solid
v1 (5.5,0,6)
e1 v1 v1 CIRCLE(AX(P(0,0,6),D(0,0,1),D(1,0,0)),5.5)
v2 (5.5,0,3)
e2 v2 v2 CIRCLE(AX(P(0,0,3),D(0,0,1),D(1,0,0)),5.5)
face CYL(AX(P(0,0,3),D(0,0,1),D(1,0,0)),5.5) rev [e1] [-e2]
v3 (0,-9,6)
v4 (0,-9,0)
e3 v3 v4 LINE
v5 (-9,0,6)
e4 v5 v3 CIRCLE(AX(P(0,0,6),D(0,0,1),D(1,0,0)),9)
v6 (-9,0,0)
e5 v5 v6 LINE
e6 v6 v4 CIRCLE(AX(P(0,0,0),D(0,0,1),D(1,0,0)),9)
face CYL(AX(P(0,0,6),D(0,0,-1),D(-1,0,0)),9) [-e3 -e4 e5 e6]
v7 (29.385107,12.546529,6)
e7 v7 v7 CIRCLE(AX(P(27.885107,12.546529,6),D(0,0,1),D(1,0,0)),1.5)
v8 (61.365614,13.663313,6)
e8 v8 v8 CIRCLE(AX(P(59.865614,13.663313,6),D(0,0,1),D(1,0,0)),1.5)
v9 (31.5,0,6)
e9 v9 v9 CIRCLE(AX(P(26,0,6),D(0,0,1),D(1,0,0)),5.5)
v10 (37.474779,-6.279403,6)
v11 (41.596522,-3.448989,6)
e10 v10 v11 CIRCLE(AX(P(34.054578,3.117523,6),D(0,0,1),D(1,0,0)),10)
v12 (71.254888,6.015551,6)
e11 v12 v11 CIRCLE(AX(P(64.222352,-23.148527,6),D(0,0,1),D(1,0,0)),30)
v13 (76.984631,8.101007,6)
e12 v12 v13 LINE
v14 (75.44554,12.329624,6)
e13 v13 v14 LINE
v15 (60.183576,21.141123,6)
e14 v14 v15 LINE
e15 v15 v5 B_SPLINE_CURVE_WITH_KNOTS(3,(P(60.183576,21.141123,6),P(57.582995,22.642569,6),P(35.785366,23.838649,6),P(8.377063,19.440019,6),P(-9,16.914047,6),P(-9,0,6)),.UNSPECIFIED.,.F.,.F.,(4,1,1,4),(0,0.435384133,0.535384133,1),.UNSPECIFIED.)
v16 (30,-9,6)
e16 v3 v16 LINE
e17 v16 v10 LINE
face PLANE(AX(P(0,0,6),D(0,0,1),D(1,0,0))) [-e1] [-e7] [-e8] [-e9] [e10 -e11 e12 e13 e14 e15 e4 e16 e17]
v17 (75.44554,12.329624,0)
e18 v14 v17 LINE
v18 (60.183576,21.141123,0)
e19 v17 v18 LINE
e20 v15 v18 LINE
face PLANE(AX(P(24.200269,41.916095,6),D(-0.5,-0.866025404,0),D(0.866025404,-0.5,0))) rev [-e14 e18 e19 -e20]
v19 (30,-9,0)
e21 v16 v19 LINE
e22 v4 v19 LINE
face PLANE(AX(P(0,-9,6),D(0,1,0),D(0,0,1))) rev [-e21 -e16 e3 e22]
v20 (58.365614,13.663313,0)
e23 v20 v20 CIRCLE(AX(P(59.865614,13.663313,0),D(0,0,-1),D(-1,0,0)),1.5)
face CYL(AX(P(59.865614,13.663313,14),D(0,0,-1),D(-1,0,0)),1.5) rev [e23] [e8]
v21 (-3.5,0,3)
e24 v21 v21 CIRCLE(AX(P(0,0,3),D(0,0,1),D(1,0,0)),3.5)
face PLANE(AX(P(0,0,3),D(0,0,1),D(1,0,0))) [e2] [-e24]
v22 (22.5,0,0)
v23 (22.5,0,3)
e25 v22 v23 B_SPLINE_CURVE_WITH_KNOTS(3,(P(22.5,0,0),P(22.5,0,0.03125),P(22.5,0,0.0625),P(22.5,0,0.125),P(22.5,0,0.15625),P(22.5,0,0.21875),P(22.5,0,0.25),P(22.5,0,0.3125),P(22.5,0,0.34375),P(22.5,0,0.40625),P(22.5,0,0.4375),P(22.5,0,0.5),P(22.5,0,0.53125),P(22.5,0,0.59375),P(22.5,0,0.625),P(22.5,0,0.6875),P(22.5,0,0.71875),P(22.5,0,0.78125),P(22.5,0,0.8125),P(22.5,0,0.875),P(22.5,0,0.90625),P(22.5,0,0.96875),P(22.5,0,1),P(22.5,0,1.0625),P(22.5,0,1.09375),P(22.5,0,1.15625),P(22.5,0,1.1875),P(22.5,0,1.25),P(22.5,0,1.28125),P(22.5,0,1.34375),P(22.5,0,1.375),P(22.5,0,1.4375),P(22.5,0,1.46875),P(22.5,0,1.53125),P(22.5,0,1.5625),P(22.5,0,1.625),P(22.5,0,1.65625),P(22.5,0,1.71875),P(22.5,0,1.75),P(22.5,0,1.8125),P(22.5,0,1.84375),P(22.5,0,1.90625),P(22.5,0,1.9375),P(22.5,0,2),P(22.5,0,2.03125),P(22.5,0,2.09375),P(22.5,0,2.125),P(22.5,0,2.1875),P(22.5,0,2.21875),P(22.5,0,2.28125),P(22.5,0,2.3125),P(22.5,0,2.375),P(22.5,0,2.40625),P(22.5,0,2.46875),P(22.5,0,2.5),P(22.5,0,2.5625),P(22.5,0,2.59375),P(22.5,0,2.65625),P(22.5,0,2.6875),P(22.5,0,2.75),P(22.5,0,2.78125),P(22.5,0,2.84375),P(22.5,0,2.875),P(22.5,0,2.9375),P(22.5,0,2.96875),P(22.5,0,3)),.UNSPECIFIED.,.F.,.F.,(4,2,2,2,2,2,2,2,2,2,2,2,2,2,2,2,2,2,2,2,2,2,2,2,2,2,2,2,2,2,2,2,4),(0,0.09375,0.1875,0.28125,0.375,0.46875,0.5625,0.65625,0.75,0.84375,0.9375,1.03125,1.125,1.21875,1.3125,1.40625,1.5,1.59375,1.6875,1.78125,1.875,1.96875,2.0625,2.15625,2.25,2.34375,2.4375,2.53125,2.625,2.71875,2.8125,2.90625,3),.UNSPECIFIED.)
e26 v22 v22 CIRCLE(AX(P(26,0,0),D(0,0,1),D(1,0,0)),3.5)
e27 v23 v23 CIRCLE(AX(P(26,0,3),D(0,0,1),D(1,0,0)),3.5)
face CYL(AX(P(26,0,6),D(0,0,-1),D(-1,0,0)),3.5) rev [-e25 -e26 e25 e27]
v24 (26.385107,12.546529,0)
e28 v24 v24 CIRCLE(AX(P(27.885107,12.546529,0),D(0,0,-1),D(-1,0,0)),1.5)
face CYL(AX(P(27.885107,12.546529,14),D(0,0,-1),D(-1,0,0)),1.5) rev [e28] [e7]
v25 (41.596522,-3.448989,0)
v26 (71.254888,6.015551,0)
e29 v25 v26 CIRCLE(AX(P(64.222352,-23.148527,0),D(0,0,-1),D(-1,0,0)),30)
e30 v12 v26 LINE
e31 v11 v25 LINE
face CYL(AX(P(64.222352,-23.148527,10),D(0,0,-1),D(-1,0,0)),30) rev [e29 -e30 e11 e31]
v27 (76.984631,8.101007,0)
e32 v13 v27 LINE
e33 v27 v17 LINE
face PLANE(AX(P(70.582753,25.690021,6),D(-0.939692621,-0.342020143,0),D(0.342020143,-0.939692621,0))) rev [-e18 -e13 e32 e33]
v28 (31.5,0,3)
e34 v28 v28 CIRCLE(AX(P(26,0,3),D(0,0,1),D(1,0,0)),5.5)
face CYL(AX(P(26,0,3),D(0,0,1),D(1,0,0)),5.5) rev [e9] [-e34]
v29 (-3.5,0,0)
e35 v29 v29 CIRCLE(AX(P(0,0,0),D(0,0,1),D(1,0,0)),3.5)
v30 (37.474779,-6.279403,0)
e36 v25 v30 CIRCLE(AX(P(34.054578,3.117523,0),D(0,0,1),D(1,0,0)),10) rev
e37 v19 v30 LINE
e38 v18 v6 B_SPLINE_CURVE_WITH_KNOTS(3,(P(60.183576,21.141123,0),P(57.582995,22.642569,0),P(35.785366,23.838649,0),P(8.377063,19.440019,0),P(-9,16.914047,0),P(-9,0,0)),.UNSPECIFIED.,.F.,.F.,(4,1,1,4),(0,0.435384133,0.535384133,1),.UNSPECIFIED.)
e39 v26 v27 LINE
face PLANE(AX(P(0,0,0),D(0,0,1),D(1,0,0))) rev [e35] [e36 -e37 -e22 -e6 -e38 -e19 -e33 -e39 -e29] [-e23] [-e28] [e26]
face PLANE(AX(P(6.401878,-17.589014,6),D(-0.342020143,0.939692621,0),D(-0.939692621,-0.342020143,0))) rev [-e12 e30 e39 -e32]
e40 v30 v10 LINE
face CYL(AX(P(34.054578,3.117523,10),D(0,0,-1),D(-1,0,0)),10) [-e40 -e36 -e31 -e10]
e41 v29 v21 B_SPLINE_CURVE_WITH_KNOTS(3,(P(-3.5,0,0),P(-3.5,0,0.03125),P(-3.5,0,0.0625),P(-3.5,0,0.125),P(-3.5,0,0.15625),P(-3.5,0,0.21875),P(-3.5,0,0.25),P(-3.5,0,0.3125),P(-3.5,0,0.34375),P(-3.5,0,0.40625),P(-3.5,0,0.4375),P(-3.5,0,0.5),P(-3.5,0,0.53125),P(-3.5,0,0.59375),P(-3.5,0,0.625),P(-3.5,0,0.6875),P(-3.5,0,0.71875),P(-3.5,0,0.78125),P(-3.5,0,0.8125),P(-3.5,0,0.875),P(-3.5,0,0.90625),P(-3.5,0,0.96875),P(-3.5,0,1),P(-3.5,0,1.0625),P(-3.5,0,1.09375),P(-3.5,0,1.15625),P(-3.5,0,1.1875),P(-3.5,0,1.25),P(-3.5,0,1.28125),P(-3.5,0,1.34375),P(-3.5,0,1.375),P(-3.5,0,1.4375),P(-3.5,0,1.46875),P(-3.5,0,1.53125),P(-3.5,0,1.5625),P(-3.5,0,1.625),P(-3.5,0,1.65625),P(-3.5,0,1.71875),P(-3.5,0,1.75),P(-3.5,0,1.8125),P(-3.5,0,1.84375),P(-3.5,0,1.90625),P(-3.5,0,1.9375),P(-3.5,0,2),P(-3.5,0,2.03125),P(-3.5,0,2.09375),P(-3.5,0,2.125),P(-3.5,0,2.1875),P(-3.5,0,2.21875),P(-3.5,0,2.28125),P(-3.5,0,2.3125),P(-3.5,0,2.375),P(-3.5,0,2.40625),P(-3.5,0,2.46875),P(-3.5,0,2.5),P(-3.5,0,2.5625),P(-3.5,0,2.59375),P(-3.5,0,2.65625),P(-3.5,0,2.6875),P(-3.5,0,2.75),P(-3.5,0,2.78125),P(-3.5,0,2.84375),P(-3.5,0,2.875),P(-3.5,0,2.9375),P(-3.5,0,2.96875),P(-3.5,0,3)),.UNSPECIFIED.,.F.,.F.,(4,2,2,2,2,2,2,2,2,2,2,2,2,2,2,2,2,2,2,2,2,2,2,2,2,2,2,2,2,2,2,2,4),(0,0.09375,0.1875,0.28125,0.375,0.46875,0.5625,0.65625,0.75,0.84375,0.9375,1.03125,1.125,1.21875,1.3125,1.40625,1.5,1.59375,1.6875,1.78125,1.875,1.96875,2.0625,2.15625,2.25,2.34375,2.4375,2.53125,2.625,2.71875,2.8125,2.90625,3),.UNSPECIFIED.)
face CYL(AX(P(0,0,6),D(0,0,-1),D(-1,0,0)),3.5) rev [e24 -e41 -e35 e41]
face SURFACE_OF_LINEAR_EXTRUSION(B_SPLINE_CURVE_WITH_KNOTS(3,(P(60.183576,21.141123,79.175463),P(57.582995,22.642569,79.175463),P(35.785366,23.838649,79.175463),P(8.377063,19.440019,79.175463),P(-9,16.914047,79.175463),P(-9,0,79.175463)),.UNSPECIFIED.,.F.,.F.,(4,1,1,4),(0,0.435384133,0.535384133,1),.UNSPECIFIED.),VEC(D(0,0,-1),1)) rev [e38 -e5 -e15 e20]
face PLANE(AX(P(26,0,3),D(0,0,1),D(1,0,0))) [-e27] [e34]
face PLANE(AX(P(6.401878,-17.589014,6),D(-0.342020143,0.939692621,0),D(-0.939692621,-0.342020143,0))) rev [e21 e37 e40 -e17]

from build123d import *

# Parameters (mm, degrees)
SKETCH1_R           = 3.5
EXTRUSION1_DEPTH    = 6
SKETCH3_R           = 30
EXTRUSION3_DEPTH    = 10
FILLET2_R           = 10
BOSS_EXTRUDE1_DEPTH = 6
SKETCH8_R           = 1.5
CUT_EXTRUDE1_DEPTH  = 14
CUT_EXTRUDE2_START  = -6
SKETCH7_R           = 5.5
CUT_EXTRUDE2_DEPTH  = 3


with BuildPart() as part:
    # Sketch1 → Extrusion1 (new body)
    with BuildSketch(Plane.XY):
        with BuildLine():
            Line((0, -9), (30, -9))
            Line((30, -9), (76.984631039, 8.101007166))
            Line((76.984631039, 8.101007166), (75.445540394, 12.32962396))
            Line((75.445540394, 12.32962396), (60.183576084, 21.141123163))
            Line((60.183576084, 21.141123163), (26.826114347, 9))
            Line((26.826114347, 9), (0, 9))
            ThreePointArc((0, 9), (-9, 0), (0, -9))
        make_face()
        with Locations(Location((0, 0, 0), (0, 0, 180))):
            Circle(SKETCH1_R, mode=Mode.SUBTRACT)
        with Locations(Location((26, 0, 0), (0, 0, 180))):
            Circle(SKETCH1_R, mode=Mode.SUBTRACT)
    extrude(amount=EXTRUSION1_DEPTH)

    # Sketch3 → Extrusion3 (cut)
    with BuildSketch(Plane(origin=(0, 0, 0), x_dir=(-1, 0, 0), z_dir=(0, 0, -1))):
        with Locations((-64.222352322, -23.14852672)):
            Circle(SKETCH3_R)
    extrude(amount=-EXTRUSION3_DEPTH, mode=Mode.SUBTRACT)

    # Fillet2
    fillet2_edges = [part.edges().sort_by_distance(p)[0] for p in [
        (40.088809532, -5.327973631, 3),
    ]]
    fillet(fillet2_edges, radius=FILLET2_R)

    # Sketch6 → Boss-Extrude1 (add)
    with BuildSketch(Plane(origin=(0, 0, 0), x_dir=(-1, 0, 0), z_dir=(0, 0, -1))):
        with BuildLine():
            ThreePointArc((0, 9), (6.363961031, 6.363961031), (9, 0))
            add(Edge.make_bspline(
                [(-60.183576084, 21.141123163), (-57.582994943, 22.642569384), (-35.785366448, 23.838648882), (-8.377062942, 19.440019234), (9, 16.91404675), (9, 0)],
                knots=[0, 0, 0, 0, 0.435384133, 0.535384133, 1, 1, 1, 1], degree=3))
            Line((-60.183576084, 21.141123163), (-26.826114347, 9))
            Line((-26.826114347, 9), (0, 9))
        make_face()
    extrude(amount=-BOSS_EXTRUDE1_DEPTH)

    # Sketch8 → Cut-Extrude1 (cut)
    with BuildSketch(Plane(origin=(0, 0, 0), x_dir=(-1, 0, 0), z_dir=(0, 0, -1))):
        with Locations((-59.865613746, 13.663313065)):
            Circle(SKETCH8_R)
        with Locations((-27.885107281, 12.546529171)):
            Circle(SKETCH8_R)
    extrude(amount=-CUT_EXTRUDE1_DEPTH, mode=Mode.SUBTRACT)

    # Sketch7 → Cut-Extrude2 (cut)
    with BuildSketch(Plane(origin=(0, 0, 0), x_dir=(-1, 0, 0), z_dir=(0, 0, -1)).offset(CUT_EXTRUDE2_START)):
        with Locations(Location((0, 0, 0), (0, 0, 180))):
            Circle(SKETCH7_R)
        with Locations(Location((-26, 0, 0), (0, 0, 180))):
            Circle(SKETCH7_R)
    extrude(amount=CUT_EXTRUDE2_DEPTH, mode=Mode.SUBTRACT)


solid = part.part
